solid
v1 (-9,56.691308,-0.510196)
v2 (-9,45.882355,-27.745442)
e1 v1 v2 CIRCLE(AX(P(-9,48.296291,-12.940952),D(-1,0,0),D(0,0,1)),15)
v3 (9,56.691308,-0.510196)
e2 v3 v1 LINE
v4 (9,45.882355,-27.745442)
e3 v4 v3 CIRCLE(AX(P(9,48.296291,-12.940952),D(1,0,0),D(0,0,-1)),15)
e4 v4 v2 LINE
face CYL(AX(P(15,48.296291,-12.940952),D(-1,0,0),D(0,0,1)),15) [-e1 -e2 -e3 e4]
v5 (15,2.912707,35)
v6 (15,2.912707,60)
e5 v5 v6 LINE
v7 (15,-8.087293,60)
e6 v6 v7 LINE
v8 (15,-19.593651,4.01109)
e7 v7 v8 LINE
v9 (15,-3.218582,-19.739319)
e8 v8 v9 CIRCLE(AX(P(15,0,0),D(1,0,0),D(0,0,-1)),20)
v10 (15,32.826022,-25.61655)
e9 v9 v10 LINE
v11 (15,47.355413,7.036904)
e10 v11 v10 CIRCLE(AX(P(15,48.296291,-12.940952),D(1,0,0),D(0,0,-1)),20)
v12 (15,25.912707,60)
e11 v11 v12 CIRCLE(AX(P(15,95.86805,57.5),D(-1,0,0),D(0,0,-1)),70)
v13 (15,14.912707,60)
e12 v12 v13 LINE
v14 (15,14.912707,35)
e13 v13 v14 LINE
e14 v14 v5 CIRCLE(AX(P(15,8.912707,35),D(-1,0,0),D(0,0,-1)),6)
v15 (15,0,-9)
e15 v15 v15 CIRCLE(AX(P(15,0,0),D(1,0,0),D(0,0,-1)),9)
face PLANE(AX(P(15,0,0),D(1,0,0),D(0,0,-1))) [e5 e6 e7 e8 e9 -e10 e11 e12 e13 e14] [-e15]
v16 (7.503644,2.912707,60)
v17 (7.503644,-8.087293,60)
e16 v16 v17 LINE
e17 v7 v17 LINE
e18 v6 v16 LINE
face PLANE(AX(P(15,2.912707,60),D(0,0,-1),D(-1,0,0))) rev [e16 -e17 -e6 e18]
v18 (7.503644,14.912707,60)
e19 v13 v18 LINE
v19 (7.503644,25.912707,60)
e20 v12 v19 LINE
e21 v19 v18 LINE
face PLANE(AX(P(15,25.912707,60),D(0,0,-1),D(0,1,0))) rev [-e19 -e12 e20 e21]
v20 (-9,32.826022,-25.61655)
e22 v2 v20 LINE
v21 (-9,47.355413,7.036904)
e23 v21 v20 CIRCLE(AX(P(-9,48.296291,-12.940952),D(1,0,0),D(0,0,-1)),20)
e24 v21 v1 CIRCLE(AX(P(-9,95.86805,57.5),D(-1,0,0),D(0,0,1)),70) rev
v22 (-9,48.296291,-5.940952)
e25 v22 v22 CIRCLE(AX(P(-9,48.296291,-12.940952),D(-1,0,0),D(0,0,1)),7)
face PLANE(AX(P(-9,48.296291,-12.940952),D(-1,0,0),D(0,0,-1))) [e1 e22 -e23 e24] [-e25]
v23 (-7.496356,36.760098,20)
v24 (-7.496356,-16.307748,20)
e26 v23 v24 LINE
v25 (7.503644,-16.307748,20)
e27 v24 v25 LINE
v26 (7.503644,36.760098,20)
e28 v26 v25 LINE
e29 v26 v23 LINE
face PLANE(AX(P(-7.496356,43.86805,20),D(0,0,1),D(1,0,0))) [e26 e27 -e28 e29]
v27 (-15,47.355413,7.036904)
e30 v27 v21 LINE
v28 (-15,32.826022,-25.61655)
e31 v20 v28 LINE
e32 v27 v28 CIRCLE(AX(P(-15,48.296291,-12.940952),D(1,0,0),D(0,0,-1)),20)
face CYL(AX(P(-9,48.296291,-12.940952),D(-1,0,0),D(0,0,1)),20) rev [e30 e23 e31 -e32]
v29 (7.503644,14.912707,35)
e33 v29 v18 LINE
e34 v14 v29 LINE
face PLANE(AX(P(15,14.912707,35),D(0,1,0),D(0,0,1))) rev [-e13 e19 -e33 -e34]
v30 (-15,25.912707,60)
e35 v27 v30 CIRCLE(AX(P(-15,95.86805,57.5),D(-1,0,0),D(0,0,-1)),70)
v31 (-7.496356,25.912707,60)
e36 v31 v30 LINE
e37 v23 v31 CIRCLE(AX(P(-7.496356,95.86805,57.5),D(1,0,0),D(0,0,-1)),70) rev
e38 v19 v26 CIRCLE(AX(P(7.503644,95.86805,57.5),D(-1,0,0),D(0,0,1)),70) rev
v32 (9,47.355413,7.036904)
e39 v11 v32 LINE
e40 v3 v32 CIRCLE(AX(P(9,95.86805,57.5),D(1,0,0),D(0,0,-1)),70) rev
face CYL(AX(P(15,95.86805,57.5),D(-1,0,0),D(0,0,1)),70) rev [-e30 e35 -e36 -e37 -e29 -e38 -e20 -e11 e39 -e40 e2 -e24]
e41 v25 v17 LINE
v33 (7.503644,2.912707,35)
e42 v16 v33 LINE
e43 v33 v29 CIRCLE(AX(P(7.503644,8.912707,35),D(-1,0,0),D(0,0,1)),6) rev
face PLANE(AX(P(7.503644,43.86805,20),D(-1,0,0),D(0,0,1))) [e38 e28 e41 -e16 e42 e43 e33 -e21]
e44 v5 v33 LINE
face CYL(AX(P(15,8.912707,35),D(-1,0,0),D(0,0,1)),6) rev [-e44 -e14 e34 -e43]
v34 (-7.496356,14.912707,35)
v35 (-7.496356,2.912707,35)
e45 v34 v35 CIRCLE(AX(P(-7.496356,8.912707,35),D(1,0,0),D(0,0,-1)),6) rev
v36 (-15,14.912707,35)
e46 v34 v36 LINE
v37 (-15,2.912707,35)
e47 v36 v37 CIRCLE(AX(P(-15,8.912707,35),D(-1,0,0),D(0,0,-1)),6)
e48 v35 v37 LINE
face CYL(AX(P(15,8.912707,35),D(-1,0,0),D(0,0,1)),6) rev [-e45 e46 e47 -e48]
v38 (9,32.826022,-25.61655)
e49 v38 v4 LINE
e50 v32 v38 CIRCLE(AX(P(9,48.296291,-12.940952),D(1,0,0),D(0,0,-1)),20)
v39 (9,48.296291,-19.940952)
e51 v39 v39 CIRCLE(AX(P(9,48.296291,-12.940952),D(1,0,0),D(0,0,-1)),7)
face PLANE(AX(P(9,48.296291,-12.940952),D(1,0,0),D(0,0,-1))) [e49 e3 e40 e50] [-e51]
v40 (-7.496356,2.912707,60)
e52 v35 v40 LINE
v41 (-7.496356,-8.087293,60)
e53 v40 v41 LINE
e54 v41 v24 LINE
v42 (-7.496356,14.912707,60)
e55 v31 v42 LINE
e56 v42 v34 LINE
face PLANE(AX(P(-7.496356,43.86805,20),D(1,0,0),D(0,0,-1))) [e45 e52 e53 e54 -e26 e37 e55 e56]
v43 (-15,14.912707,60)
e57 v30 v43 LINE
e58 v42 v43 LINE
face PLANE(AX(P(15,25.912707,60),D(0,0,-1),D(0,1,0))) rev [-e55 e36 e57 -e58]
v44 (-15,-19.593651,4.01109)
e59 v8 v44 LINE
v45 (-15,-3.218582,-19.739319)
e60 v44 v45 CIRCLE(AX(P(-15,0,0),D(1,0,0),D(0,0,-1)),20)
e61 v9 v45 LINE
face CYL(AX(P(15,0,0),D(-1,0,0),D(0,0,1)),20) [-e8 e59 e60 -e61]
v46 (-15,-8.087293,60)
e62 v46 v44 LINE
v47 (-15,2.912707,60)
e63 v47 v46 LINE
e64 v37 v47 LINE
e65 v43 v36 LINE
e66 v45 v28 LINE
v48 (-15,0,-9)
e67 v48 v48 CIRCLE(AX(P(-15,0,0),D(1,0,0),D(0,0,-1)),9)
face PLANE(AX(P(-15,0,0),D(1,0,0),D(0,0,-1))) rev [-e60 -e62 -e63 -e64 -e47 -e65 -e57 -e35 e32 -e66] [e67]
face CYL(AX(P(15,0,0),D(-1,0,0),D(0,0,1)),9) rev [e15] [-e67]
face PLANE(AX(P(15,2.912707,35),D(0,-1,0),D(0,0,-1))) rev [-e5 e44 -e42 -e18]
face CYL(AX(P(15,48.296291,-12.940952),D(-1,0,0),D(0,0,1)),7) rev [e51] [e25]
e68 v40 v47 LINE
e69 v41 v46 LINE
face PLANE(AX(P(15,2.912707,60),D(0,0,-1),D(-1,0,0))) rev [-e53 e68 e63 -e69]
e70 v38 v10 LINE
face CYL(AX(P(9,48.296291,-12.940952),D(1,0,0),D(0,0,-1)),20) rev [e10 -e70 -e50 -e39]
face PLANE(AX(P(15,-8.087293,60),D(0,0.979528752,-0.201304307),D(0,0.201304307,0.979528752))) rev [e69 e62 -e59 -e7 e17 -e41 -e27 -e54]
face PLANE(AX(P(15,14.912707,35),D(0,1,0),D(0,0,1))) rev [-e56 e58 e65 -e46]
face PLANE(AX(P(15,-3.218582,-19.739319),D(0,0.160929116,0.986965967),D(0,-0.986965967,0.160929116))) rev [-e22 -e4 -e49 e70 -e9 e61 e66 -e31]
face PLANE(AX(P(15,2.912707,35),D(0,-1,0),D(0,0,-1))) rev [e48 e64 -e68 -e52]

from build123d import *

# Parameters (mm, degrees)
IZIM2_R                     = 7
IZIM2_R_2                   = 9
Y_KSEKLIK_EKSTR_ZYON1_DEPTH = 15
IZIM3_R                     = 20
KES_EKSTR_ZYON1_DEPTH       = 6
KES_EKSTR_ZYON4_DEPTH       = 18
KES_EKSTR_ZYON4_DEPTH_BACK  = 77.999207989
IZIM5_W                     = 15
IZIM5_H                     = 40


with BuildPart() as part:
    # Çizim2 → Yükseklik-Ekstrüzyon1 (new, symmetric)
    with BuildSketch(Plane(origin=(0, 0, 0), x_dir=(0, 0, -1), z_dir=(1, 0, 0))):
        with BuildLine():
            Line((19.739319337, -3.218582315), (27.745441758, 45.882354578))
            ThreePointArc((27.745441758, 45.882354578), (18.474216993, 62.238421042), (0.510195975, 56.691307592))
            ThreePointArc((0.510195975, 56.691307592), (-25.763963339, 33.475550855), (-60, 25.912707322))
            Line((-60, 25.912707322), (-60, 14.912707322))
            Line((-60, 14.912707322), (-35, 14.912707322))
            ThreePointArc((-35, 14.912707322), (-29, 8.912707322), (-35, 2.912707322))
            Line((-35, 2.912707322), (-60, 2.912707322))
            Line((-60, 2.912707322), (-60, -8.087292678))
            Line((-60, -8.087292678), (-4.01109025, -19.593650885))
            ThreePointArc((-4.01109025, -19.593650885), (11.352533428, -16.465721508), (19.739319337, -3.218582315))
        make_face()
        with Locations((12.940952255, 48.296291314)):
            Circle(IZIM2_R, mode=Mode.SUBTRACT)
        Circle(IZIM2_R_2, mode=Mode.SUBTRACT)
    extrude(amount=Y_KSEKLIK_EKSTR_ZYON1_DEPTH, both=True)

    # Çizim3 → Kes-Ekstrüzyon1 (cut)
    with BuildSketch(Plane(origin=(15, 0, 0), x_dir=(0, 0, -1), z_dir=(1, 0, 0))):
        with Locations((12.940952255, 48.296291314)):
            Circle(IZIM3_R)
    kes_ekstr_zyon1 = extrude(amount=-KES_EKSTR_ZYON1_DEPTH, mode=Mode.SUBTRACT)

    # Aynalama1: Kes-Ekstrüzyon1 across plane
    add(kes_ekstr_zyon1.mirror(Plane(origin=(0, 0, 0), x_dir=(0, 0, 1), z_dir=(1, 0, 0))), mode=Mode.SUBTRACT)

    # Çizim5 → Kes-Ekstrüzyon4 (cut, two sides: drawn at the far end of the back side and taken through both)
    with BuildSketch(Plane(origin=(0, 25.86805022, 0), x_dir=(1, 0, 0), z_dir=(0, 1, 0)).offset(-KES_EKSTR_ZYON4_DEPTH_BACK)):
        with Locations((0.003643514, -40)):
            Rectangle(IZIM5_W, IZIM5_H)
    extrude(amount=KES_EKSTR_ZYON4_DEPTH + KES_EKSTR_ZYON4_DEPTH_BACK, mode=Mode.SUBTRACT)


solid = part.part
